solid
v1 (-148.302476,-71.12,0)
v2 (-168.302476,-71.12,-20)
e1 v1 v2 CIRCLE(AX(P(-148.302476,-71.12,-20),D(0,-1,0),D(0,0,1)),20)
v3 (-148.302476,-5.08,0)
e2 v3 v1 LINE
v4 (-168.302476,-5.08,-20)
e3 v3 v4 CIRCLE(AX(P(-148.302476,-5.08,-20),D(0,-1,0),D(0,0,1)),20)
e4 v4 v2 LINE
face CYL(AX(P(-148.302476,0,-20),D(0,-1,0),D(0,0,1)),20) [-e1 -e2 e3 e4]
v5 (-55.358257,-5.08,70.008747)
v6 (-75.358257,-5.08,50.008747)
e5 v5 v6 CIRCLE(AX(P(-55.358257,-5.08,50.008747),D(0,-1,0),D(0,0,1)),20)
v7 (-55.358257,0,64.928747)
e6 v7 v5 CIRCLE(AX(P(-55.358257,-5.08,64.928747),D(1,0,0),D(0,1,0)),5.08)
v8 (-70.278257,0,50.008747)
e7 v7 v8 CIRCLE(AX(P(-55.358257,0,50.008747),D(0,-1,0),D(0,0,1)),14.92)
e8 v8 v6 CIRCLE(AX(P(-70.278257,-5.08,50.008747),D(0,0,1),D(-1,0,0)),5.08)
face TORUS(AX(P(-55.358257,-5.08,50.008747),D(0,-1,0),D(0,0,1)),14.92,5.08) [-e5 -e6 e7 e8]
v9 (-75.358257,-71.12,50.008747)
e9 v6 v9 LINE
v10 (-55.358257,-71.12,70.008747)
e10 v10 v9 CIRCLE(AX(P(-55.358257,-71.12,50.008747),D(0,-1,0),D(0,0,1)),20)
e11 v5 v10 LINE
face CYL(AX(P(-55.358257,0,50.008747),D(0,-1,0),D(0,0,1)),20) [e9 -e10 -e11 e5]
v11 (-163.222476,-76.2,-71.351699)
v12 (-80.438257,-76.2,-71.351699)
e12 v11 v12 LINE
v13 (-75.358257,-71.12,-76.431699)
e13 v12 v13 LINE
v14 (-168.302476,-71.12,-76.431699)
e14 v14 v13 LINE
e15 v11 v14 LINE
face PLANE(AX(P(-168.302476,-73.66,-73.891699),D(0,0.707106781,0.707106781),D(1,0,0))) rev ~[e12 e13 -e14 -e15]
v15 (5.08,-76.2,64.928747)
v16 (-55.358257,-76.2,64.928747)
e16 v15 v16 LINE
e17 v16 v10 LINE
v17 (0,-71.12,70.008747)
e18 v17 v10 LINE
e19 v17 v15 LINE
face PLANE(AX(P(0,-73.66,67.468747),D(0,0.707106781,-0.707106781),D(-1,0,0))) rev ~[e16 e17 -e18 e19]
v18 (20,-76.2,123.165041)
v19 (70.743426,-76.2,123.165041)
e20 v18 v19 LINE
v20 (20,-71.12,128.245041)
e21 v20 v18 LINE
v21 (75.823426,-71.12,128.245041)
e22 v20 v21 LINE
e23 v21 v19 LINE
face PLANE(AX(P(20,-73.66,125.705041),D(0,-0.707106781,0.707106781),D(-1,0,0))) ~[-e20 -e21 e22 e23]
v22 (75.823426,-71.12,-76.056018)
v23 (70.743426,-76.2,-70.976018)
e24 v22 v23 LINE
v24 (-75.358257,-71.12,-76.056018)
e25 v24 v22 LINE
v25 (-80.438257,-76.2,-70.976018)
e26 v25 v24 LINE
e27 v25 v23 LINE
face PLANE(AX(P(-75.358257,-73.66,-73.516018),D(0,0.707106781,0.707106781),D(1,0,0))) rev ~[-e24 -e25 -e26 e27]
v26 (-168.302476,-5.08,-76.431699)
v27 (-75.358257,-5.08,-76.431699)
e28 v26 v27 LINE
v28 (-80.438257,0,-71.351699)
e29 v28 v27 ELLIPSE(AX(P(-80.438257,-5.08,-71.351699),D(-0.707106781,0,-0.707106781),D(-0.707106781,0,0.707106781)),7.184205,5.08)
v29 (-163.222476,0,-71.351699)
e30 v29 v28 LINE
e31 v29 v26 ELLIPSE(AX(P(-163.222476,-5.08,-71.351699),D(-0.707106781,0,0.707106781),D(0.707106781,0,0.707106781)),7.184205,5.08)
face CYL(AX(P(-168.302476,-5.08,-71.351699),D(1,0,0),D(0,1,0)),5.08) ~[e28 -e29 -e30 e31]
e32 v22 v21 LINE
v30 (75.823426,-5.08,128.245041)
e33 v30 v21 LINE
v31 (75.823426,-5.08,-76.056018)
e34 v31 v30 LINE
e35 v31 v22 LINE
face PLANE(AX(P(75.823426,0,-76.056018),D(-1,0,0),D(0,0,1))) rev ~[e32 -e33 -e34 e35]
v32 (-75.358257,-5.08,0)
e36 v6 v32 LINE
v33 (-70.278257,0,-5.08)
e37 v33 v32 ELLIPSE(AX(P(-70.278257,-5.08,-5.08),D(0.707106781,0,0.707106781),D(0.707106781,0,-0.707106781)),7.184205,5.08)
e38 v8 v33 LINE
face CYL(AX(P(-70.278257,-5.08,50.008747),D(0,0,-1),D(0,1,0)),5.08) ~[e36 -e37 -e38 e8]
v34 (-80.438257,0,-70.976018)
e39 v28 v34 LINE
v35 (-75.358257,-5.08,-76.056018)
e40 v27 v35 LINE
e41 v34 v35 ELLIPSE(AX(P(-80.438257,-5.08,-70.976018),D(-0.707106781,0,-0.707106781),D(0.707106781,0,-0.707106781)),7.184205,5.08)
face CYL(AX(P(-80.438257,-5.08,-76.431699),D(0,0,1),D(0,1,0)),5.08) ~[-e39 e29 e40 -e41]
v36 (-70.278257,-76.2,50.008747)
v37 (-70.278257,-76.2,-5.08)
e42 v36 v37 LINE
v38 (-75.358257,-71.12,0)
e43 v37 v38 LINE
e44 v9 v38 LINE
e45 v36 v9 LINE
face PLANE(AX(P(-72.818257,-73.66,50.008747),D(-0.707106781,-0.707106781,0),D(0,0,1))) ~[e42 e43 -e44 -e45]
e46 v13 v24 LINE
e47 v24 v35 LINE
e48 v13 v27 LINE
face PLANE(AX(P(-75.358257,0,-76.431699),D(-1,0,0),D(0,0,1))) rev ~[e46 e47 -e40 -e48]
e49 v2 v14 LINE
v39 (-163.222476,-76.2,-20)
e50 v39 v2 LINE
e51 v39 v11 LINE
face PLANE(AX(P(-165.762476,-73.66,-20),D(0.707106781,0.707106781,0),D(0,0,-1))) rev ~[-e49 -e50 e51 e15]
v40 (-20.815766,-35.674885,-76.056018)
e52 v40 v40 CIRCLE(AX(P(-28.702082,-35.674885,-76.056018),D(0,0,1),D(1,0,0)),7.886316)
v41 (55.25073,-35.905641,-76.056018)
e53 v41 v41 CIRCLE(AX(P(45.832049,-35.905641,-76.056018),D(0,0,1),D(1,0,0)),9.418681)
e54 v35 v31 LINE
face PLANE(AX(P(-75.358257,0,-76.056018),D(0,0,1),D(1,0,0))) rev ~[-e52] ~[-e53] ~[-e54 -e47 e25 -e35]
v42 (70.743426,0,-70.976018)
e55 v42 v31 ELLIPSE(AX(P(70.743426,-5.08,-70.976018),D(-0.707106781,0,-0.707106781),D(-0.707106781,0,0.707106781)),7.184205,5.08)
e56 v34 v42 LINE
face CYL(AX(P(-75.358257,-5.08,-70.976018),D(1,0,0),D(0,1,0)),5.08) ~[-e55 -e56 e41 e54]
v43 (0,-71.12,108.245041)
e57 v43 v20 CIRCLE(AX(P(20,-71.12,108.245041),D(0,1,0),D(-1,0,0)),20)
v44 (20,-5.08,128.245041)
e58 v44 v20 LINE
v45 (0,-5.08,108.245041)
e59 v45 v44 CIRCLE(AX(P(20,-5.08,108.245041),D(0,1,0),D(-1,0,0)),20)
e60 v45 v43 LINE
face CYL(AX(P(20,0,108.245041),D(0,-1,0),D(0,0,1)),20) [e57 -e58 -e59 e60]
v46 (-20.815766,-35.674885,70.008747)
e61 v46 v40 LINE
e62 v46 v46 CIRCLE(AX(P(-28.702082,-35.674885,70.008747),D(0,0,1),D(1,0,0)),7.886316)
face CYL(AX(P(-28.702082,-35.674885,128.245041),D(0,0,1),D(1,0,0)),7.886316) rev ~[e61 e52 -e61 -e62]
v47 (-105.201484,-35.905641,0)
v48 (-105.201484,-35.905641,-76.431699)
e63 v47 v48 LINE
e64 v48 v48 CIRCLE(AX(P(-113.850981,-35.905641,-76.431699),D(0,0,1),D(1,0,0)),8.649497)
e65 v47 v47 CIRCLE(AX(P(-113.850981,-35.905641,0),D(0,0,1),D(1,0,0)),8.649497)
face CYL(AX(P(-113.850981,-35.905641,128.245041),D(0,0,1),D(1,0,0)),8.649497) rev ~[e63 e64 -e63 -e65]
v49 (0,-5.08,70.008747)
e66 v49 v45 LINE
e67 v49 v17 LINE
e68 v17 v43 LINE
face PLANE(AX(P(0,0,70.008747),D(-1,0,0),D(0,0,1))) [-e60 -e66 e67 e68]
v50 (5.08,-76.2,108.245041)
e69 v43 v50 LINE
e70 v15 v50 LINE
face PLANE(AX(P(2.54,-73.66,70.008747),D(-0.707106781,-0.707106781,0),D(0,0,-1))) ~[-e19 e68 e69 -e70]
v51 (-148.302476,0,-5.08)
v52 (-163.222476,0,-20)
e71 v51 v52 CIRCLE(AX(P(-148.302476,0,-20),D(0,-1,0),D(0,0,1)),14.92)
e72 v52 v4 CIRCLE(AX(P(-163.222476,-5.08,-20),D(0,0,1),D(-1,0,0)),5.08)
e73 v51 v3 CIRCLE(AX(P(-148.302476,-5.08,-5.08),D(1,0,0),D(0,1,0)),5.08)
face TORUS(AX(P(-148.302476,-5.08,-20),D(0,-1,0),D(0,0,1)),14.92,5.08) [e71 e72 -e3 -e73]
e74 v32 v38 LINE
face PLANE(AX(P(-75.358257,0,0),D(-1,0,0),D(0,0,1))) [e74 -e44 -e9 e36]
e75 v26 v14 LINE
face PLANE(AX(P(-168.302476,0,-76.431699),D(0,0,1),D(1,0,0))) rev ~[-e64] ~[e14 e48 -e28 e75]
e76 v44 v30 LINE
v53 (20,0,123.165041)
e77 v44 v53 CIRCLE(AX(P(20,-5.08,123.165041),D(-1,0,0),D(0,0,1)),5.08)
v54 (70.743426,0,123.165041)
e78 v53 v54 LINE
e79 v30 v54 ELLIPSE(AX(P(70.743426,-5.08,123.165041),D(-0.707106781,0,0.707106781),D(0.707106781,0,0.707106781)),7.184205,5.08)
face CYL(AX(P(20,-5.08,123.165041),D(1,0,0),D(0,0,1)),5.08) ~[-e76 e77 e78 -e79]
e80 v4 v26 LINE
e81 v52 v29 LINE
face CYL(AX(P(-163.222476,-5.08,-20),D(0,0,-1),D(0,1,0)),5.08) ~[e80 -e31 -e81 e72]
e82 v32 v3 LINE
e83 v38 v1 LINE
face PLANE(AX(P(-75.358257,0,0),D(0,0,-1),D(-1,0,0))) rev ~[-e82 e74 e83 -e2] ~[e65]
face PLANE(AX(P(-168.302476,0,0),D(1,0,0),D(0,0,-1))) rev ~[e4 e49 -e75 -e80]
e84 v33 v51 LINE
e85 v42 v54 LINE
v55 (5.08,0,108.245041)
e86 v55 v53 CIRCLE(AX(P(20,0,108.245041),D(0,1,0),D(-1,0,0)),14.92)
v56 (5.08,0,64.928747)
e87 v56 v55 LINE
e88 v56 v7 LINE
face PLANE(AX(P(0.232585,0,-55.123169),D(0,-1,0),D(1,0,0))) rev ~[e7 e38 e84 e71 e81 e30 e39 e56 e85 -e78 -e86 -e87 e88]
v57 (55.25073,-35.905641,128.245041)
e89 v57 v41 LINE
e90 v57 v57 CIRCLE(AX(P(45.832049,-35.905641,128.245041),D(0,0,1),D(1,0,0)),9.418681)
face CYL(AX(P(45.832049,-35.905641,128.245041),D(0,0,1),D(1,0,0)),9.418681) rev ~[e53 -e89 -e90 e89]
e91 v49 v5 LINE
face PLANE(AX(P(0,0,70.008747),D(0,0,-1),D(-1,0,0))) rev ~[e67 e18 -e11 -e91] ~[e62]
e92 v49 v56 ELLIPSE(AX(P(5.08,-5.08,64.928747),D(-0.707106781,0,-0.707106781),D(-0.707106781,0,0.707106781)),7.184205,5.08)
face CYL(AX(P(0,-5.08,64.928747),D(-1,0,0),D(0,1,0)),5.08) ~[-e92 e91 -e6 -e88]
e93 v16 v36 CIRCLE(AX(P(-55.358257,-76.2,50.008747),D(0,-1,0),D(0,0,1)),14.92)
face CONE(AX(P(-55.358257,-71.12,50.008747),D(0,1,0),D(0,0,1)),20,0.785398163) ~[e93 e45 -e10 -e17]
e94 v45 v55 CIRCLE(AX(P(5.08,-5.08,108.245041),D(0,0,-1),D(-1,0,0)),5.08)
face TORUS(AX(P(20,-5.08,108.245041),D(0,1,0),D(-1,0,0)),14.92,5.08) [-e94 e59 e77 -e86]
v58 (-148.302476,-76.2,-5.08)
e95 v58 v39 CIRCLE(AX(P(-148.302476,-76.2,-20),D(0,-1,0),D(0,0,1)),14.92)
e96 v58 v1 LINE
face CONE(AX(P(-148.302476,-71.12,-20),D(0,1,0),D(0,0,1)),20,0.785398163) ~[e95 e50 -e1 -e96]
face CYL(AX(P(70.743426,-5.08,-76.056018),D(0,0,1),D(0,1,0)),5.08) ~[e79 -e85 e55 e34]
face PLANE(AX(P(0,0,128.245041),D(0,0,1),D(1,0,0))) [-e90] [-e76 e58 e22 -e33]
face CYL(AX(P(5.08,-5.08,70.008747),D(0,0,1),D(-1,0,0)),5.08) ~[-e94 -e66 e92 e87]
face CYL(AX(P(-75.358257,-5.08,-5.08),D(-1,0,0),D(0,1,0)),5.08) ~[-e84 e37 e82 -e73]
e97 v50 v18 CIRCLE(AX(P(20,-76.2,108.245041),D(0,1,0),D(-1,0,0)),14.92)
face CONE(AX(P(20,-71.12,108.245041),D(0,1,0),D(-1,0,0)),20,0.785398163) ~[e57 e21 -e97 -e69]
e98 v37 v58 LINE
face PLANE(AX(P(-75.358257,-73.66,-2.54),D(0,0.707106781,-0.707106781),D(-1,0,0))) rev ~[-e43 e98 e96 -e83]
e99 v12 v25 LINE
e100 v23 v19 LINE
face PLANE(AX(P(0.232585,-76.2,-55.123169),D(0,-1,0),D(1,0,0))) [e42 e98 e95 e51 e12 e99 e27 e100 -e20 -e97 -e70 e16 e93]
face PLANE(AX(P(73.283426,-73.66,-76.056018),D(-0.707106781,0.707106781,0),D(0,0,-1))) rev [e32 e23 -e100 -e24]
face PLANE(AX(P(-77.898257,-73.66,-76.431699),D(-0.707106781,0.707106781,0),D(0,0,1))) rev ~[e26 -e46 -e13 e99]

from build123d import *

# Parameters (mm, degrees)
F0_W     = 75.3582566977
F0_H     = 34.1903194785
F0_W_2   = 75.8234262466
F0_H_2   = 70.0087472796
F0_H_3   = 58.2362934947
F1_DEPTH = 76.2
F2_DEPTH = 30
F3_R     = 20
F4_SIZE  = 5.08
F5_R     = 5.08
F6_R     = 8.6494969127
F6_R_2   = 7.8863164194
F6_R_3   = 9.4186807379
F7_DEPTH = 204.6777398715


with BuildPart() as f1:
    # F0 (on Front) → F1 (new body)
    with BuildSketch(Plane.XZ):
        Polygon((-75.3582566977, -34.1903194785), (-75.3582566977, -76.0560184717), (75.8234262466, -76.0560184717), (75.8234262466, -34.1903194785), (0, -34.1903194785), align=None)
        Polygon((-75.3582566977, -76.4316990972), (-75.3582566977, -76.0560184717), (-75.3582566977, -34.1903194785), (-75.3582566977, 0), (-168.3024764061, 0), (-168.3024764061, -76.4316990972), align=None)
        with Locations((-37.6791283488, -17.0951597393)):
            Rectangle(F0_W, F0_H)
        with Locations((37.9117131233, -17.0951597393)):
            Rectangle(F0_W_2, F0_H)
        with Locations((-37.6791283488, 35.0043736398)):
            Rectangle(F0_W, F0_H_2)
        with Locations((37.9117131233, 35.0043736398)):
            Rectangle(F0_W_2, F0_H_2)
        with Locations((37.9117131233, 99.126894027)):
            Rectangle(F0_W_2, F0_H_3)
    extrude(amount=F1_DEPTH)

    # F0 (on Front) → F2 (join)
    with BuildSketch(Plane.XZ):
        Polygon((-75.3582566977, -34.1903194785), (-75.3582566977, -76.0560184717), (75.8234262466, -76.0560184717), (75.8234262466, -34.1903194785), (0, -34.1903194785), align=None)
        Polygon((-75.3582566977, -76.4316990972), (-75.3582566977, -76.0560184717), (-75.3582566977, -34.1903194785), (-75.3582566977, 0), (-168.3024764061, 0), (-168.3024764061, -76.4316990972), align=None)
        with Locations((-37.6791283488, -17.0951597393)):
            Rectangle(F0_W, F0_H)
        with Locations((37.9117131233, -17.0951597393)):
            Rectangle(F0_W_2, F0_H)
        with Locations((-37.6791283488, 35.0043736398)):
            Rectangle(F0_W, F0_H_2)
        with Locations((37.9117131233, 35.0043736398)):
            Rectangle(F0_W_2, F0_H_2)
        with Locations((37.9117131233, 99.126894027)):
            Rectangle(F0_W_2, F0_H_3)
    extrude(amount=F2_DEPTH)

    # F3
    f3_edges = [f1.edges().sort_by_distance(p)[0] for p in [
        (0, -38.1, 128.245041),
        (-75.358257, -38.1, 70.008747),
        (-168.302476, -38.1, 0),
    ]]
    fillet(f3_edges, radius=F3_R)

    # F4
    f4_edges = [f1.edges().sort_by_distance(p)[0] for p in [
        (47.911713, -76.2, 128.245041),
        (5.857864, -76.2, 122.387176),
        (75.823426, -76.2, 26.094511),
        (0, -76.2, 89.126894),
        (0.232585, -76.2, -76.056018),
        (-27.679128, -76.2, 70.008747),
        (-75.358257, -76.2, -76.243859),
        (-69.500392, -76.2, 64.150883),
        (-121.830367, -76.2, -76.431699),
        (-75.358257, -76.2, 25.004374),
        (-168.302476, -76.2, -48.21585),
        (-111.830367, -76.2, 0),
        (-162.444612, -76.2, -5.857864),
    ]]
    chamfer(f4_edges, length=F4_SIZE)

    # F5
    f5_edges = [f1.edges().sort_by_distance(p)[0] for p in [
        (47.911713, 0, 128.245041),
        (5.857864, 0, 122.387176),
        (75.823426, 0, 26.094511),
        (0, 0, 89.126894),
        (0.232585, 0, -76.056018),
        (-27.679128, 0, 70.008747),
        (-75.358257, 0, -76.243859),
        (-69.500392, 0, 64.150883),
        (-121.830367, 0, -76.431699),
        (-75.358257, 0, 25.004374),
        (-168.302476, 0, -48.21585),
        (-111.830367, 0, 0),
        (-162.444612, 0, -5.857864),
    ]]
    fillet(f5_edges, radius=F5_R)

    # F6 (on face) → F7 (cut, through all)
    with BuildSketch(Plane.XY.offset(128.2450407743)):
        with Locations((-113.8509809971, -35.9056405723)):
            Circle(F6_R)
        with Locations((-28.7020821124, -35.6748849154)):
            Circle(F6_R_2)
        with Locations((45.8320491016, -35.9056405723)):
            Circle(F6_R_3)
    extrude(amount=-F7_DEPTH, mode=Mode.SUBTRACT)


solid = f1.part
